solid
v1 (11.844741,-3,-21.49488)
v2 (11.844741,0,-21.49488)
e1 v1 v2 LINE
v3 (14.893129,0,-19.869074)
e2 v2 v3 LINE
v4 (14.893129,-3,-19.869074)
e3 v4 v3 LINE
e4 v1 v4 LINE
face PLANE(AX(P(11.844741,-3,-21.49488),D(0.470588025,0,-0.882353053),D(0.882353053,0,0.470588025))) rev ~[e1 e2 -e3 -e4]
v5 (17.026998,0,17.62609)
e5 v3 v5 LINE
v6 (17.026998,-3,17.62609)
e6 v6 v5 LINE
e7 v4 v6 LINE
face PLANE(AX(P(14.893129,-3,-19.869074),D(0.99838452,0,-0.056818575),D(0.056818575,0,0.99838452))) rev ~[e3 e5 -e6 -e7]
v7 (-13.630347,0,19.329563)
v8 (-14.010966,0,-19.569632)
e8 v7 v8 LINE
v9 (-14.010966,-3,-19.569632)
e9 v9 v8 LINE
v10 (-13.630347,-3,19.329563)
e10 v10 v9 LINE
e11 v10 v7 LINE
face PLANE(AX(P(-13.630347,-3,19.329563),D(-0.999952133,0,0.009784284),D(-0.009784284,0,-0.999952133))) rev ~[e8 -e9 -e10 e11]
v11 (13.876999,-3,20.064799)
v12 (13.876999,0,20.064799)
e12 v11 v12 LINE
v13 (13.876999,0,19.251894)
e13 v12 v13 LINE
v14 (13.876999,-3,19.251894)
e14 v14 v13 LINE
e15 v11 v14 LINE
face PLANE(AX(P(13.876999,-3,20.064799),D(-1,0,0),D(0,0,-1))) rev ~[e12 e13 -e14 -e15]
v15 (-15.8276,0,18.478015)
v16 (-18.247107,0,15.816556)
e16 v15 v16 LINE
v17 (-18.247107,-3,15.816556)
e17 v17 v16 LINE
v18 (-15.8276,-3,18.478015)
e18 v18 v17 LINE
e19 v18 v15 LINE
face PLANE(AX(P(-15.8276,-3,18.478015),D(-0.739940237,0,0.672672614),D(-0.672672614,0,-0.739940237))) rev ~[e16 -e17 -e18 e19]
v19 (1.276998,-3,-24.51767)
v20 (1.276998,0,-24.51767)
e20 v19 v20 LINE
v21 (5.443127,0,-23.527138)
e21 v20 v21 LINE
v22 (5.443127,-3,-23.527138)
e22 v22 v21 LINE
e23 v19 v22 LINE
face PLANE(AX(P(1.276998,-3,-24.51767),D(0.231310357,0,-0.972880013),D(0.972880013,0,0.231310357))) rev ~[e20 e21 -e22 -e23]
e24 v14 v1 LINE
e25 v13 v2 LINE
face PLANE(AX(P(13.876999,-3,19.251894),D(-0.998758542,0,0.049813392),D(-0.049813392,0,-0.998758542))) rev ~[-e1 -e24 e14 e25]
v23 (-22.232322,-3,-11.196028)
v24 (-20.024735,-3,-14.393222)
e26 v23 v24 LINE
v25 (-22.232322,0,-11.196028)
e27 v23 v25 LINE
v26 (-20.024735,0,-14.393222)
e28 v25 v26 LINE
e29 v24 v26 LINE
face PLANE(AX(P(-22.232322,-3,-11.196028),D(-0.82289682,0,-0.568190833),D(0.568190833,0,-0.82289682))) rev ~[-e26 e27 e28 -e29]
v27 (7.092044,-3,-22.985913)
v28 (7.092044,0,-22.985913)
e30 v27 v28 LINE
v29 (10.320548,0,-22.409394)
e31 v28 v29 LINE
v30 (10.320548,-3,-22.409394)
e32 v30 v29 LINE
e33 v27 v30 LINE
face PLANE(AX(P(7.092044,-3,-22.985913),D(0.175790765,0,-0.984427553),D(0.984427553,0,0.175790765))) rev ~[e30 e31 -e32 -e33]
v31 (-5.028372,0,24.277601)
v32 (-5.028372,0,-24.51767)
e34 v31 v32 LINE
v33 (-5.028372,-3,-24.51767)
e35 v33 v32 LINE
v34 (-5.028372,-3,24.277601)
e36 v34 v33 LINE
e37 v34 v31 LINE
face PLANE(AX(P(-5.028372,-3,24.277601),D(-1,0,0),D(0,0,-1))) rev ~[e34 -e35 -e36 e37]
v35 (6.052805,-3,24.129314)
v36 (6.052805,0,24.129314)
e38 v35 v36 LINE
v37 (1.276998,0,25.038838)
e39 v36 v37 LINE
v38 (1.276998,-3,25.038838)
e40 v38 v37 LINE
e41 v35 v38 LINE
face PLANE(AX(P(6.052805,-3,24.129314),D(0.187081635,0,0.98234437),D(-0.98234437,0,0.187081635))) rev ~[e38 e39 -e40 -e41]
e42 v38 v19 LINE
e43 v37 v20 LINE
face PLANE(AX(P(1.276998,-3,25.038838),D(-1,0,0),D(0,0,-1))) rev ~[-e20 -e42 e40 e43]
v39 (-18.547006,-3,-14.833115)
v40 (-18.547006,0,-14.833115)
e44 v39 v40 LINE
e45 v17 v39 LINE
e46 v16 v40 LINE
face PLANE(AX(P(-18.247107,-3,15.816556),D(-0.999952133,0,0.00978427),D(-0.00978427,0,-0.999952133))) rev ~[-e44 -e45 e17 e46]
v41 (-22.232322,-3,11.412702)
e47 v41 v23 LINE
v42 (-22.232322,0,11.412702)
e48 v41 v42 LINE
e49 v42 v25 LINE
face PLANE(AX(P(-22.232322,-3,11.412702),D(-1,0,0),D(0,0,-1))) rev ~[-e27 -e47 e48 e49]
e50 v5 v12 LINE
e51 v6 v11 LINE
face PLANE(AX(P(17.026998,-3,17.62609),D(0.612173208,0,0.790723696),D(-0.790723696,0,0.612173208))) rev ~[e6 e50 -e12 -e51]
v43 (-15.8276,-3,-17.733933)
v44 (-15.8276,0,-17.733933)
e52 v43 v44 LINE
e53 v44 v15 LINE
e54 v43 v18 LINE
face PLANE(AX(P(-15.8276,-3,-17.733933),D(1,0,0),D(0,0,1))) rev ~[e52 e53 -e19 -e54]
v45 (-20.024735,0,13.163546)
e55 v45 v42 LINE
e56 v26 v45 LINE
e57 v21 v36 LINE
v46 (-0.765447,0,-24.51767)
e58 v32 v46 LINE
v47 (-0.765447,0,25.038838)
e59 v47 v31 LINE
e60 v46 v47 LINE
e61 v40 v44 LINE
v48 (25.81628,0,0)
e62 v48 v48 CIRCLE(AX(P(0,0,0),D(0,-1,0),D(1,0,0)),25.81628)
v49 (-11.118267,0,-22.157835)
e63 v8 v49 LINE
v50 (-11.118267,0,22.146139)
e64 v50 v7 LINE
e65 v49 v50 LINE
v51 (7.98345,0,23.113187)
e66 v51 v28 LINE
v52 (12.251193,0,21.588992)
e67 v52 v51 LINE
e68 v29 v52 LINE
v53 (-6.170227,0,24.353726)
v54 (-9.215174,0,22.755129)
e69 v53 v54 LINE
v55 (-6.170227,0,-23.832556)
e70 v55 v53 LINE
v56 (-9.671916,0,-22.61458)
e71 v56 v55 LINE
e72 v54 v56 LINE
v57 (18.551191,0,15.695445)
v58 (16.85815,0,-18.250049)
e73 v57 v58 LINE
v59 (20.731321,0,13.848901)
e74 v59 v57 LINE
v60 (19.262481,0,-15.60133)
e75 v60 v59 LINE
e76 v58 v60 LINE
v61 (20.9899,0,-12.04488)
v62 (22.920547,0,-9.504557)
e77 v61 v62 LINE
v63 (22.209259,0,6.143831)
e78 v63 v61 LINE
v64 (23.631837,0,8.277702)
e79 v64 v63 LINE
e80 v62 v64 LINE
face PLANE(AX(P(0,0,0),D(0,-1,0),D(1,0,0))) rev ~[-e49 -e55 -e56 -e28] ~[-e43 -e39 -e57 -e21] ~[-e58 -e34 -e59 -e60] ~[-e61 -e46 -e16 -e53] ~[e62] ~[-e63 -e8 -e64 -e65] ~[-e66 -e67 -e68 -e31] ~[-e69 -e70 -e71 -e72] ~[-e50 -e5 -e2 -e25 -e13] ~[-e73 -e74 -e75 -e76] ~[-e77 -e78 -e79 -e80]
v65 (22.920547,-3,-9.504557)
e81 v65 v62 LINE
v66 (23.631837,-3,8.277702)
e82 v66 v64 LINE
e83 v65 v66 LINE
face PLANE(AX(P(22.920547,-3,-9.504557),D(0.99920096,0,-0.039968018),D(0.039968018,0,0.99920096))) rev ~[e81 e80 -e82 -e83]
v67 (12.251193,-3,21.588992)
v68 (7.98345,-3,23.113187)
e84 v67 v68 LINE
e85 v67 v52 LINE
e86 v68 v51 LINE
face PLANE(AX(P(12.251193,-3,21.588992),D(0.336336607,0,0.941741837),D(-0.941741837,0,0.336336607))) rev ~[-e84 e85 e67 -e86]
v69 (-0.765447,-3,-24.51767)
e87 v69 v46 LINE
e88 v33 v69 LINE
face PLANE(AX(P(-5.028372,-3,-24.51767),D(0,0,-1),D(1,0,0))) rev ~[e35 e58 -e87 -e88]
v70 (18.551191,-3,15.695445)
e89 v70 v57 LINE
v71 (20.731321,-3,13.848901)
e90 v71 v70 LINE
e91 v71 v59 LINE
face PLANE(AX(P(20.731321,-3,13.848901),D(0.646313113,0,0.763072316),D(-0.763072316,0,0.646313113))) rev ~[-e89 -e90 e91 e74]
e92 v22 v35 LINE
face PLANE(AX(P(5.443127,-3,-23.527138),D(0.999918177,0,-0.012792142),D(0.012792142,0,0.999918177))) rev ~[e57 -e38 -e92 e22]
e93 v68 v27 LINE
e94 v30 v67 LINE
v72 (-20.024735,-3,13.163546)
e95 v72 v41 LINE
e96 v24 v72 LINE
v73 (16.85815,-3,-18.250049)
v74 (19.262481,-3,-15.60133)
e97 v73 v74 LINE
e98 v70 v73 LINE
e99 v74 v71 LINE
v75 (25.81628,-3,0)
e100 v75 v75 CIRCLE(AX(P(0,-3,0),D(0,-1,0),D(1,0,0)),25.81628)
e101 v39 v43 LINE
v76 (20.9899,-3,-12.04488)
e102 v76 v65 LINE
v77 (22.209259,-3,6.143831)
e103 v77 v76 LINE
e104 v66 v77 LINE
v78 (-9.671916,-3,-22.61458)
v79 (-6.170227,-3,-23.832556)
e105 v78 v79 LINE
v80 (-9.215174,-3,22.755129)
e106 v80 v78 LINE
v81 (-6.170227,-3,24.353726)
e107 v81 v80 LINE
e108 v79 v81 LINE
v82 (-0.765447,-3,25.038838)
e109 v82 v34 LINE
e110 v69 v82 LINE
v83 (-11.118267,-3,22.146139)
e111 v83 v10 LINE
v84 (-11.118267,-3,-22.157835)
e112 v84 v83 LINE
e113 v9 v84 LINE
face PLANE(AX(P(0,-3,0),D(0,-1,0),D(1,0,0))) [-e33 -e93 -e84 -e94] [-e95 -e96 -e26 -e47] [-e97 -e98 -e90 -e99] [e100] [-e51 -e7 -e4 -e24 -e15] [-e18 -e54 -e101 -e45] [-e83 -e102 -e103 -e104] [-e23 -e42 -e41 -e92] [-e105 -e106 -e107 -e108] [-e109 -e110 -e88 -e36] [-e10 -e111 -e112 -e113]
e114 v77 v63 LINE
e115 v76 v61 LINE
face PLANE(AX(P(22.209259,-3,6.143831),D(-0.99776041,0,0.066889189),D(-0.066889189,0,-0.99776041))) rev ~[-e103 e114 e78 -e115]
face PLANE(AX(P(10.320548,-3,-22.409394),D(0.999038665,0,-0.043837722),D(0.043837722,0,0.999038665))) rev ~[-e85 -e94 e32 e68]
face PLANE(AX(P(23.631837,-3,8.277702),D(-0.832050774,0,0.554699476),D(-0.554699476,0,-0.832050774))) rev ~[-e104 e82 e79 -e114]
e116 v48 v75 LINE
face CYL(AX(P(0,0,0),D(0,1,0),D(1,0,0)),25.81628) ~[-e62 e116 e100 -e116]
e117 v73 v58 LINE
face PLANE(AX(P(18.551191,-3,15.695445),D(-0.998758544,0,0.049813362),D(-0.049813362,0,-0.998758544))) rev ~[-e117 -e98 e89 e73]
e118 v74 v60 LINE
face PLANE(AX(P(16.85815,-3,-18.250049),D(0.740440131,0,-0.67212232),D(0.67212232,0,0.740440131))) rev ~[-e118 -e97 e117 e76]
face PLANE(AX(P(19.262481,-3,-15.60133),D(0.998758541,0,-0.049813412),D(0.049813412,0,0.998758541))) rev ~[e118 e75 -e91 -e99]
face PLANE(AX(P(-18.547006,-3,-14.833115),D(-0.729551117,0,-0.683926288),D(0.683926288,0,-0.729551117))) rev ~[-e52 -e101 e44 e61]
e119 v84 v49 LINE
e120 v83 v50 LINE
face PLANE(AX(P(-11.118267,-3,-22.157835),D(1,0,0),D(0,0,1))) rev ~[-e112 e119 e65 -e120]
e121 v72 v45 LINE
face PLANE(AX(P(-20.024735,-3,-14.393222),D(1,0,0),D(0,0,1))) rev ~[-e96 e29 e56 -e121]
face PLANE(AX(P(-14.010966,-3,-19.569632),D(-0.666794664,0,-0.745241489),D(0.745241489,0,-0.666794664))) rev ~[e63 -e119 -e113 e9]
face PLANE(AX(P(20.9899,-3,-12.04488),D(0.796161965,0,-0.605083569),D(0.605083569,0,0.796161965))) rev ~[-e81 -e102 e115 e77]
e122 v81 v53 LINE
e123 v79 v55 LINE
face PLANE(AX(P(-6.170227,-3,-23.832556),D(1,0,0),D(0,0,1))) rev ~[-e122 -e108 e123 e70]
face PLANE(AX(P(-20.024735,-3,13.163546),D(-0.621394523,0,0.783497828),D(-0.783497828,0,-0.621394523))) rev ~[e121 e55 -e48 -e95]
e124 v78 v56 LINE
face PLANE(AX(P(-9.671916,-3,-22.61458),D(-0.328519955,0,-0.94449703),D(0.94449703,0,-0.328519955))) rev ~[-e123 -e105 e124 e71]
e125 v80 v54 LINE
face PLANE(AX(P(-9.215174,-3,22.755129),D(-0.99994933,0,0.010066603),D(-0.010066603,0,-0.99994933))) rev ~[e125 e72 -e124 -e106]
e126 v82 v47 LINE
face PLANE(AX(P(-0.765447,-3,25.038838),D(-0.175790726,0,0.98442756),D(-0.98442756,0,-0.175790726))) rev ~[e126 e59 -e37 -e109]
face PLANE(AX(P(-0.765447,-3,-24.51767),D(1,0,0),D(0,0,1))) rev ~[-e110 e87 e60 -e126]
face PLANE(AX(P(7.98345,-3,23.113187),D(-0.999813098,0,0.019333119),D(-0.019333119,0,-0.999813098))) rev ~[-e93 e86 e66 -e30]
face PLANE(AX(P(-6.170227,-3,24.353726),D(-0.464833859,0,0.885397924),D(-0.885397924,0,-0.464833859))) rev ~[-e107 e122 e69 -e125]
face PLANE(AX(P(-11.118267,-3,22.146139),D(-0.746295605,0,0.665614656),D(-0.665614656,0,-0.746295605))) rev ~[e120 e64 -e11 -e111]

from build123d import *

# Parameters (mm, degrees)
F0_R     = 25.81628
F1_DEPTH = 3
F3_DEPTH = 25
F5_DEPTH = 25


with BuildPart() as f1:
    # F0 (on Front) → F1 (new body)
    with BuildSketch(Plane.XZ):
        Circle(F0_R)
    extrude(amount=F1_DEPTH)

    # F2 (on face) → F3 (cut)
    with BuildSketch(Plane.XZ.offset(3)):
        Polygon((-22.232322, 11.412702), (-22.232322, -11.196028), (-20.024735, -14.393222), (-20.024735, 13.163546), align=None)
        Polygon((-11.118267, 22.146139), (-13.630347, 19.329563), (-14.010966, -19.569632), (-11.118267, -22.157835), align=None)
        Polygon((-6.170227, 24.353726), (-9.215174, 22.755129), (-9.671916, -22.61458), (-6.170227, -23.832556), align=None)
        Polygon((-0.765447, -24.51767), (-0.765447, 25.038838), (-5.028372, 24.277601), (-5.028372, -24.51767), align=None)
        Polygon((5.443127, -23.527138), (6.052805, 24.129314), (1.276998, 25.038838), (1.276998, -24.51767), align=None)
        Polygon((12.251193, 21.588992), (7.98345, 23.113187), (7.092044, -22.985913), (10.320548, -22.409394), align=None)
        Polygon((17.026998, 17.62609), (13.876999, 20.064799), (13.876999, 19.251894), (11.844741, -21.49488), (14.893129, -19.869074), align=None)
        Polygon((20.731321, 13.848901), (18.551191, 15.695445), (16.85815, -18.250049), (19.262481, -15.60133), align=None)
        Polygon((23.631837, 8.277702), (22.209259, 6.143831), (20.9899, -12.04488), (22.920547, -9.504557), align=None)
    extrude(amount=-F3_DEPTH, mode=Mode.SUBTRACT)

    # F4 (on face) → F5 (cut)
    with BuildSketch(Plane.XZ.offset(3)):
        Polygon((-15.8276, 18.478015), (-18.247107, 15.816556), (-18.547006, -14.833115), (-15.8276, -17.733933), align=None)
    extrude(amount=-F5_DEPTH, mode=Mode.SUBTRACT)


solid = f1.part
